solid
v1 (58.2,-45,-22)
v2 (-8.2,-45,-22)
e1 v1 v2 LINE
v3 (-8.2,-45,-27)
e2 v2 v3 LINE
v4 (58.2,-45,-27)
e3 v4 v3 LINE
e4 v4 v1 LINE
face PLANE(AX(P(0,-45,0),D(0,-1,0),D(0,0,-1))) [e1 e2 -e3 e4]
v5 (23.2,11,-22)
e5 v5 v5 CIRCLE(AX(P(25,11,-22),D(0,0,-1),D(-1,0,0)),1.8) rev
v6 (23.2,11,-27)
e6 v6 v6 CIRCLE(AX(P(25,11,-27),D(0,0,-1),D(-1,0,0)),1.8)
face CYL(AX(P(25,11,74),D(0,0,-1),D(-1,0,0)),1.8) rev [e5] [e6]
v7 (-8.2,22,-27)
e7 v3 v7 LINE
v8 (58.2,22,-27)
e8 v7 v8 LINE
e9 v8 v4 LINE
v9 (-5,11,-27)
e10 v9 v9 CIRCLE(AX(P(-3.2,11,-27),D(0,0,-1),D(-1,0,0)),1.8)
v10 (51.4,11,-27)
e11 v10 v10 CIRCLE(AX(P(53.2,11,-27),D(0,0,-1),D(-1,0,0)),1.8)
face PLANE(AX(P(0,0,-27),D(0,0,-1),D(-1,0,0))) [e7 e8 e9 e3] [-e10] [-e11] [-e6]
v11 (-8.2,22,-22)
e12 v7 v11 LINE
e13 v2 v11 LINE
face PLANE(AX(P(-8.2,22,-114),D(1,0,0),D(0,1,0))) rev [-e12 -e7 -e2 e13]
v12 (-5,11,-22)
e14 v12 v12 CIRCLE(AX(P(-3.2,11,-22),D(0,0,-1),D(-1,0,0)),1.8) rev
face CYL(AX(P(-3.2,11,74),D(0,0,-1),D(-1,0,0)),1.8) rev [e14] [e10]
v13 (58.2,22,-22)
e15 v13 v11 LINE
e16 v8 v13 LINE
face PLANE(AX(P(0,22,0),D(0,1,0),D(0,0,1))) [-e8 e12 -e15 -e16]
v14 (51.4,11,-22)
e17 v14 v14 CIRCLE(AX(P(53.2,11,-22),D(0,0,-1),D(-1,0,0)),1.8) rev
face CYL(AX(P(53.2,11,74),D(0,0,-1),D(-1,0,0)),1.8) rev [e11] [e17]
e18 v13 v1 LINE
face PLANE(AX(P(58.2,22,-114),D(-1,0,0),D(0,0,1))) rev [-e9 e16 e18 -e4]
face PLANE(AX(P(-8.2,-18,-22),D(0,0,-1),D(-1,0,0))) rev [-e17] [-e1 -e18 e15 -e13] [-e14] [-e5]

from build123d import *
from build123d.topology import SkipClean

# Parameters (mm, degrees)
SKETCH1_W                = 50
SKETCH1_H                = 9.1
BOSS_EXTRUDE1_DEPTH      = 2
SKETCH2_W                = 25
SKETCH2_H                = 6.6
CUT_EXTRUDE1_DEPTH       = 2
SKETCH3_R                = 1.8
CUT_EXTRUDE2_DEPTH       = 2
SKETCH4_W                = 66.4
SKETCH4_H                = 130
BOSS_EXTRUDE2_DEPTH      = 2
SKETCH5_W                = 66.4
SKETCH5_H                = 2
BOSS_EXTRUDE3_DEPTH      = 2.5
SKETCH6_W                = 8.6
SKETCH6_H                = 62.5
BOSS_EXTRUDE4_DEPTH      = 2
SKETCH7_R                = 1.8
SKETCH7_W                = 3
SKETCH7_H                = 5
CUT_EXTRUDE3_DEPTH       = 2
SKETCH8_W                = 25
SKETCH8_H                = 45
CUT_EXTRUDE4_DEPTH       = 20
SKETCH9_W                = 25
SKETCH9_H                = 10
BOSS_EXTRUDE5_DEPTH      = 2
SKETCH10_W               = 34.7
SKETCH10_H               = 27.07
BOSS_EXTRUDE6_DEPTH      = 2
SKETCH11_R               = 1.8
CUT_EXTRUDE5_DEPTH       = 2
SKETCH12_R               = 1.8
CUT_EXTRUDE6_DEPTH       = 2
SKETCH13_W               = 2
SKETCH13_H               = 2
BOSS_EXTRUDE7_DEPTH      = 44
SKETCH14_W               = 2
SKETCH14_H               = 2
BOSS_EXTRUDE8_DEPTH      = 46
SKETCH16_W               = 42
SKETCH16_H               = 43
BOSS_EXTRUDE10_DEPTH     = 2
SKETCH18_R               = 1.8
CUT_EXTRUDE7_DEPTH       = 2
BOSS_EXTRUDE12_DEPTH     = 2
SKETCH21_W               = 2
SKETCH21_H               = 2
BOSS_EXTRUDE13_DEPTH     = 10
SKETCH25_W               = 3
SKETCH25_H               = 5
CUT_EXTRUDE8_DEPTH       = 10
SKETCH26_W               = 6.2
SKETCH26_H               = 13
SKETCH26_W_2             = 21
SKETCH26_H_2             = 6.6
BOSS_EXTRUDE14_DEPTH     = 2
SKETCH27_W               = 2
SKETCH27_H               = 27
SKETCH27_H_2             = 24.93
BOSS_EXTRUDE15_DEPTH     = 2
SKETCH29_W               = 10
SKETCH29_H               = 10
BOSS_EXTRUDE19_DEPTH     = 2
SKETCH41_R               = 1.8
CUT_EXTRUDE15_DEPTH      = 2
BOSS_EXTRUDE26_DEPTH     = 2
SKETCH43_W               = 70.4
SKETCH43_H               = 2
BOSS_EXTRUDE27_DEPTH     = 11
SKETCH44_W               = 10
SKETCH44_H               = 5
BOSS_EXTRUDE28_DEPTH     = 2
SKETCH45_R               = 1.8
BOSS_EXTRUDE29_DEPTH     = 2
SKETCH46_R               = 1.8
CUT_EXTRUDE16_DEPTH      = 2
SKETCH47_W               = 10
SKETCH47_H               = 1
BOSS_EXTRUDE30_DEPTH     = 2
SKETCH48_W               = 32.7
SKETCH48_H               = 31.07
SKETCH48_W_2             = 101.75
SKETCH48_H_2             = 120.487369876
CUT_EXTRUDE17_DEPTH      = 20
SKETCH50_W               = 66.4
SKETCH50_H               = 81.07
CUT_EXTRUDE19_DEPTH      = 20
SKETCH51_W               = 70.4
SKETCH51_H               = 85.07
SKETCH51_W_2             = 66.4
SKETCH51_H_2             = 81.07
BOSS_EXTRUDE31_DEPTH     = 20
SKETCH52_W               = 10
SKETCH52_H               = 1
BOSS_EXTRUDE32_DEPTH     = 2
SKETCH53_W               = 10
SKETCH53_H               = 4
CUT_EXTRUDE20_DEPTH      = 2
BOSS_EXTRUDE33_START     = 1
SKETCH54_W               = 10
SKETCH54_H               = 12
SKETCH54_R               = 1.8
BOSS_EXTRUDE33_DEPTH     = 1
CUT_EXTRUDE23_DEPTH      = 96
CUT_EXTRUDE23_DEPTH_BACK = 16
SKETCH59_R               = 1.8
SKETCH62_W               = 66.985033768
SKETCH62_H               = 11.249394984
BOSS_EXTRUDE38_DEPTH     = 1
SKETCH65_R               = 1.8
CUT_EXTRUDE27_DEPTH      = 3
SKETCH66_R               = 1
CUT_EXTRUDE28_DEPTH      = 87
BOSS_EXTRUDE41_DEPTH     = 2
BOSS_EXTRUDE42_DEPTH     = 2
BOSS_EXTRUDE43_DEPTH     = 2
SKETCH68_W               = 6.791832398
SKETCH68_H               = 8.144168394
SKETCH68_W_2             = 5.485710784
SKETCH68_W_3             = 7.764004839
SKETCH68_H_2             = 11.628907231
BOSS_EXTRUDE44_DEPTH     = 2
BOSS_EXTRUDE45_DEPTH     = 2
SKETCH70_R               = 1.8
CUT_EXTRUDE29_DEPTH      = 83
SKETCH72_W               = 105.024650177
SKETCH72_H               = 68.649418558
CUT_EXTRUDE33_DEPTH      = 92
SKETCH73_W               = 2
SKETCH73_H               = 22
CUT_EXTRUDE34_DEPTH      = 92
SKETCH74_W               = 66.4
SKETCH74_H               = 2
BOSS_EXTRUDE46_DEPTH     = 45
SKETCH75_W               = 66.4
SKETCH75_H               = 67
SKETCH75_R               = 1.8
BOSS_EXTRUDE47_DEPTH     = 3


with BuildPart() as part:
    # Sketch1 → Boss-Extrude1 (new body)
    with BuildSketch(Plane(origin=(0, 0, 0), x_dir=(1, 0, 0), z_dir=(0, 1, 0))):
        with Locations((25, 4.55)):
            Rectangle(SKETCH1_W, SKETCH1_H)
    extrude(amount=BOSS_EXTRUDE1_DEPTH)

    # Sketch2 → Cut-Extrude1 (cut)
    with BuildSketch(Plane(origin=(0, 2, 0), x_dir=(1, 0, 0), z_dir=(0, 1, 0))):
        with Locations((25, 5.8)):
            Rectangle(SKETCH2_W, SKETCH2_H)
    extrude(amount=-CUT_EXTRUDE1_DEPTH, mode=Mode.SUBTRACT)

    # Sketch3 → Cut-Extrude2 (cut)
    with BuildSketch(Plane(origin=(0, 2, 0), x_dir=(1, 0, 0), z_dir=(0, 1, 0))):
        with Locations(Location((6.25, 5.8, 0), (0, 0, 270))):
            Circle(SKETCH3_R)
        with Locations(Location((43.75, 5.8, 0), (0, 0, 270))):
            Circle(SKETCH3_R)
    extrude(amount=-CUT_EXTRUDE2_DEPTH, mode=Mode.SUBTRACT)

    # Sketch4 → Boss-Extrude2 (add)
    with BuildSketch(Plane(origin=(0, 2, 0), x_dir=(1, 0, 0), z_dir=(0, 1, 0))):
        with Locations((25, -65)):
            Rectangle(SKETCH4_W, SKETCH4_H)
    extrude(amount=-BOSS_EXTRUDE2_DEPTH)

    # Sketch5 → Boss-Extrude3 (add)
    with BuildSketch(Plane.XY.offset(130)):
        with Locations((25, 1)):
            Rectangle(SKETCH5_W, SKETCH5_H)
    extrude(amount=BOSS_EXTRUDE3_DEPTH)

    # Sketch6 → Boss-Extrude4 (add)
    with BuildSketch(Plane(origin=(0, 2, 0), x_dir=(1, 0, 0), z_dir=(0, 1, 0))):
        with Locations((-12.5, -101.25)):
            Rectangle(SKETCH6_W, SKETCH6_H)
        with Locations((62.5, -101.25)):
            Rectangle(SKETCH6_W, SKETCH6_H)
    extrude(amount=-BOSS_EXTRUDE4_DEPTH)

    # Sketch7 → Cut-Extrude3 (cut)
    with BuildSketch(Plane(origin=(0, 2, 0), x_dir=(1, 0, 0), z_dir=(0, 1, 0))):
        with Locations(Location((-13.5, -77, 0), (0, 0, 270))):
            Circle(SKETCH7_R)
        with Locations(Location((-13.5, -101.25, 0), (0, 0, 270))):
            Circle(SKETCH7_R)
        with Locations(Location((-13.5, -125.5, 0), (0, 0, 270))):
            Circle(SKETCH7_R)
        with Locations(Location((63.5, -77, 0), (0, 0, 270))):
            Circle(SKETCH7_R)
        with Locations(Location((63.5, -101.25, 0), (0, 0, 270))):
            Circle(SKETCH7_R)
        with Locations(Location((63.5, -125.5, 0), (0, 0, 270))):
            Circle(SKETCH7_R)
        with Locations((-13.5, -117.5)):
            Rectangle(SKETCH7_W, SKETCH7_H)
        with Locations((63.5, -117.5)):
            Rectangle(SKETCH7_W, SKETCH7_H)
    extrude(amount=-CUT_EXTRUDE3_DEPTH, mode=Mode.SUBTRACT)

    # Sketch8 → Cut-Extrude4 (cut)
    with BuildSketch(Plane(origin=(0, 2, 0), x_dir=(1, 0, 0), z_dir=(0, 1, 0))):
        with Locations((25, -22.5)):
            Rectangle(SKETCH8_W, SKETCH8_H)
    extrude(amount=-CUT_EXTRUDE4_DEPTH, mode=Mode.SUBTRACT)

    # Sketch9 → Boss-Extrude5 (add)
    with BuildSketch(Plane(origin=(0, 2, 0), x_dir=(1, 0, 0), z_dir=(0, 1, 0))):
        with Locations((25, -5)):
            Rectangle(SKETCH9_W, SKETCH9_H)
    extrude(amount=-BOSS_EXTRUDE5_DEPTH)

    # Sketch10 → Boss-Extrude6 (add)
    with BuildSketch(Plane(origin=(0, 2, 0), x_dir=(1, 0, 0), z_dir=(0, 1, 0))):
        with Locations((-25.55, -29.535)):
            Rectangle(SKETCH10_W, SKETCH10_H)
        with Locations((75.55, -29.535)):
            Rectangle(SKETCH10_W, SKETCH10_H)
    extrude(amount=-BOSS_EXTRUDE6_DEPTH)

    # Sketch11 → Cut-Extrude5 (cut)
    with BuildSketch(Plane(origin=(0, 2, 0), x_dir=(1, 0, 0), z_dir=(0, 1, 0))):
        with Locations(Location((-36.9, -19.25, 0), (0, 0, 270))):
            Circle(SKETCH11_R)
        with Locations(Location((-36.9, -39.82, 0), (0, 0, 270))):
            Circle(SKETCH11_R)
        with Locations(Location((-22.6, -19.25, 0), (0, 0, 270))):
            Circle(SKETCH11_R)
        with Locations(Location((-22.6, -39.82, 0), (0, 0, 270))):
            Circle(SKETCH11_R)
    extrude(amount=-CUT_EXTRUDE5_DEPTH, mode=Mode.SUBTRACT)

    # Sketch12 → Cut-Extrude6 (cut)
    with BuildSketch(Plane(origin=(0, 2, 0), x_dir=(1, 0, 0), z_dir=(0, 1, 0))):
        with Locations(Location((72.6, -19.25, 0), (0, 0, 270))):
            Circle(SKETCH12_R)
        with Locations(Location((86.9, -19.25, 0), (0, 0, 270))):
            Circle(SKETCH12_R)
        with Locations(Location((72.6, -39.82, 0), (0, 0, 270))):
            Circle(SKETCH12_R)
        with Locations(Location((86.9, -39.82, 0), (0, 0, 270))):
            Circle(SKETCH12_R)
    extrude(amount=-CUT_EXTRUDE6_DEPTH, mode=Mode.SUBTRACT)

    # Sketch13 → Boss-Extrude7 (add)
    with BuildSketch(Plane.ZY.offset(42.9)):
        with Locations((15, 1)):
            Rectangle(SKETCH13_W, SKETCH13_H)
        with Locations((44.07, 1)):
            Rectangle(SKETCH13_W, SKETCH13_H)
    extrude(amount=-BOSS_EXTRUDE7_DEPTH)

    # Sketch14 → Boss-Extrude8 (add)
    with BuildSketch(Plane(origin=(92.9, 0, 0), x_dir=(0, 0, -1), z_dir=(1, 0, 0))):
        with Locations((-15, 1)):
            Rectangle(SKETCH14_W, SKETCH14_H)
        with Locations((-44.07, 1)):
            Rectangle(SKETCH14_W, SKETCH14_H)
    extrude(amount=-BOSS_EXTRUDE8_DEPTH)

    # Sketch16 → Boss-Extrude10 (add)
    with BuildSketch(Plane(origin=(0, 2, 0), x_dir=(1, 0, 0), z_dir=(0, 1, 0))):
        with Locations((25, -154)):
            Rectangle(SKETCH16_W, SKETCH16_H)
    extrude(amount=-BOSS_EXTRUDE10_DEPTH)

    # Sketch18 → Cut-Extrude7 (cut)
    with BuildSketch(Plane(origin=(0, 2, 0), x_dir=(1, 0, 0), z_dir=(0, 1, 0))):
        with Locations(Location((8.74, -171.03, 0), (0, 0, 270))):
            Circle(SKETCH18_R)
        with Locations(Location((41.26, -171.03, 0), (0, 0, 270))):
            Circle(SKETCH18_R)
        with Locations(Location((8.74, -138.5, 0), (0, 0, 270))):
            Circle(SKETCH18_R)
        with Locations(Location((41.26, -138.5, 0), (0, 0, 270))):
            Circle(SKETCH18_R)
    extrude(amount=-CUT_EXTRUDE7_DEPTH, mode=Mode.SUBTRACT)

    # Sketch20 → Boss-Extrude12 (add)
    with BuildSketch(Plane(origin=(0, 2, 0), x_dir=(1, 0, 0), z_dir=(0, 1, 0))):
        with BuildLine():
            Line((-2, -132.5), (4, -132.5))
            Line((4, -132.5), (4, -138.5))
            ThreePointArc((4, -138.5), (2.242640687, -134.257359313), (-2, -132.5))
        make_face()
        with BuildLine():
            ThreePointArc((52, -132.5), (47.757359313, -134.257359313), (46, -138.5))
            Line((46, -138.5), (46, -132.5))
            Line((46, -132.5), (52, -132.5))
        make_face()
    extrude(amount=-BOSS_EXTRUDE12_DEPTH)

    # Sketch21 → Boss-Extrude13 (add)
    with BuildSketch(Plane(origin=(0, 0, -9.1), x_dir=(-1, 0, 0), z_dir=(0, 0, -1))):
        with Locations((-51, 1)):
            Rectangle(SKETCH21_W, SKETCH21_H)
        with Locations((-36.5, 1)):
            Rectangle(SKETCH21_W, SKETCH21_H)
        with Locations((-13.5, 1)):
            Rectangle(SKETCH21_W, SKETCH21_H)
        with Locations((1, 1)):
            Rectangle(SKETCH21_W, SKETCH21_H)
    extrude(amount=-BOSS_EXTRUDE13_DEPTH)

    # Sketch25 → Cut-Extrude8 (cut)
    with BuildSketch(Plane(origin=(0, 2, 0), x_dir=(1, 0, 0), z_dir=(0, 1, 0))):
        with Locations((-11.7, -22.5)):
            Rectangle(SKETCH25_W, SKETCH25_H)
        with Locations((-11.7, -36.57)):
            Rectangle(SKETCH25_W, SKETCH25_H)
        with Locations((61.7, -22.5)):
            Rectangle(SKETCH25_W, SKETCH25_H)
        with Locations((61.7, -36.57)):
            Rectangle(SKETCH25_W, SKETCH25_H)
    extrude(amount=-CUT_EXTRUDE8_DEPTH, mode=Mode.SUBTRACT)

    # Sketch26 → Boss-Extrude14 (add)
    with BuildSketch(Plane(origin=(0, 2, 0), x_dir=(1, 0, 0), z_dir=(0, 1, 0))):
        with Locations((-5.1, 6.5)):
            Rectangle(SKETCH26_W, SKETCH26_H)
        Polygon((-2, 13), (-2, 9.1), (14.5, 9.1), (35.5, 9.1), (52, 9.1), (52, 13), align=None)
        with Locations((25, 5.8)):
            Rectangle(SKETCH26_W_2, SKETCH26_H_2)
        with Locations((55.1, 6.5)):
            Rectangle(SKETCH26_W, SKETCH26_H)
    extrude(amount=-BOSS_EXTRUDE14_DEPTH)

    # Sketch27 → Boss-Extrude15 (add)
    with BuildSketch(Plane(origin=(0, 2, 0), x_dir=(1, 0, 0), z_dir=(0, 1, 0))):
        with Locations((-9.2, -0.5)):
            Rectangle(SKETCH27_W, SKETCH27_H)
        with Locations((-9.2, -57.535)):
            Rectangle(SKETCH27_W, SKETCH27_H_2)
        with Locations((59.2, -0.5)):
            Rectangle(SKETCH27_W, SKETCH27_H)
        with Locations((59.2, -57.535)):
            Rectangle(SKETCH27_W, SKETCH27_H_2)
    extrude(amount=-BOSS_EXTRUDE15_DEPTH)

    # Sketch29 → Boss-Extrude19 (add)
    with BuildSketch(Plane(origin=(0, 2, 0), x_dir=(1, 0, 0), z_dir=(0, 1, 0))):
        with Locations((-15.2, -9)):
            Rectangle(SKETCH29_W, SKETCH29_H)
        with Locations((-15.2, -50.07)):
            Rectangle(SKETCH29_W, SKETCH29_H)
        with Locations((65.2, -9)):
            Rectangle(SKETCH29_W, SKETCH29_H)
        with Locations((65.2, -50.07)):
            Rectangle(SKETCH29_W, SKETCH29_H)
    extrude(amount=-BOSS_EXTRUDE19_DEPTH)

    # Sketch41 → Cut-Extrude15 (cut)
    with BuildSketch(Plane(origin=(0, 2, 0), x_dir=(1, 0, 0), z_dir=(0, 1, 0))):
        with Locations(Location((-15.2, -9, 0), (0, 0, 270))):
            Circle(SKETCH41_R)
        with Locations(Location((-15.2, -50.07, 0), (0, 0, 270))):
            Circle(SKETCH41_R)
        with Locations(Location((65.2, -9, 0), (0, 0, 270))):
            Circle(SKETCH41_R)
        with Locations(Location((65.2, -50.07, 0), (0, 0, 270))):
            Circle(SKETCH41_R)
    extrude(amount=-CUT_EXTRUDE15_DEPTH, mode=Mode.SUBTRACT)

    # Sketch42 → Boss-Extrude26 (add)
    with BuildSketch(Plane(origin=(0, 2, 0), x_dir=(1, 0, 0), z_dir=(0, 1, 0))):
        with BuildLine():
            Line((-16.8, -70), (-10.2, -70))
            Line((-10.2, -70), (-10.2, -63.4))
            ThreePointArc((-10.2, -63.4), (-12.133095244, -68.066904756), (-16.8, -70))
        make_face()
        with BuildLine():
            Line((60.2, -63.4), (60.2, -70))
            Line((60.2, -70), (66.8, -70))
            ThreePointArc((66.8, -70), (62.133095244, -68.066904756), (60.2, -63.4))
        make_face()
    extrude(amount=-BOSS_EXTRUDE26_DEPTH)

    # Sketch43 → Boss-Extrude27 (add)
    with BuildSketch(Plane(origin=(0, 0, -13), x_dir=(-1, 0, 0), z_dir=(0, 0, -1))):
        with Locations((-25, 1)):
            Rectangle(SKETCH43_W, SKETCH43_H)
    extrude(amount=BOSS_EXTRUDE27_DEPTH)

    # Sketch44 → Boss-Extrude28 (add)
    with BuildSketch(Plane(origin=(0, 2, 0), x_dir=(1, 0, 0), z_dir=(0, 1, 0))):
        with Locations((-15.2, -57.57)):
            Rectangle(SKETCH44_W, SKETCH44_H)
        with Locations((65.2, -57.57)):
            Rectangle(SKETCH44_W, SKETCH44_H)
    extrude(amount=-BOSS_EXTRUDE28_DEPTH)

    # Sketch45 → Boss-Extrude29 (add)
    with BuildSketch(Plane(origin=(0, 2, 0), x_dir=(1, 0, 0), z_dir=(0, 1, 0))):
        with Locations((-15.2, -50.07)):
            Circle(SKETCH45_R)
        with Locations((65.2, -50.07)):
            Circle(SKETCH45_R)
    extrude(amount=-BOSS_EXTRUDE29_DEPTH)

    # Sketch46 → Cut-Extrude16 (cut)
    with BuildSketch(Plane(origin=(0, 2, 0), x_dir=(1, 0, 0), z_dir=(0, 1, 0))):
        with Locations(Location((-15.2, -55.07, 0), (0, 0, 270))):
            Circle(SKETCH46_R)
        with Locations(Location((65.2, -55.07, 0), (0, 0, 270))):
            Circle(SKETCH46_R)
    extrude(amount=-CUT_EXTRUDE16_DEPTH, mode=Mode.SUBTRACT)

    # Sketch47 → Boss-Extrude30 (add)
    with BuildSketch(Plane(origin=(0, 2, 0), x_dir=(1, 0, 0), z_dir=(0, 1, 0))):
        with Locations((-15.2, -3.5)):
            Rectangle(SKETCH47_W, SKETCH47_H)
        with Locations((-15.2, -60.57)):
            Rectangle(SKETCH47_W, SKETCH47_H)
        with Locations((65.2, -3.5)):
            Rectangle(SKETCH47_W, SKETCH47_H)
        with Locations((65.2, -60.57)):
            Rectangle(SKETCH47_W, SKETCH47_H)
    extrude(amount=-BOSS_EXTRUDE30_DEPTH)

    # Sketch48 → Cut-Extrude17 (cut)
    with BuildSketch(Plane(origin=(0, 2, 0), x_dir=(1, 0, 0), z_dir=(0, 1, 0))):
        with Locations((-26.55, -29.535)):
            Rectangle(SKETCH48_W, SKETCH48_H)
        with Locations((76.55, -29.535)):
            Rectangle(SKETCH48_W, SKETCH48_H)
        with Locations((30.675, -121.313684938)):
            Rectangle(SKETCH48_W_2, SKETCH48_H_2)
    extrude(amount=-CUT_EXTRUDE17_DEPTH, mode=Mode.SUBTRACT)

    # Sketch50 → Cut-Extrude19 (cut)
    with BuildSketch(Plane(origin=(0, 2, 0), x_dir=(1, 0, 0), z_dir=(0, 1, 0))):
        with Locations((25, -18.535)):
            Rectangle(SKETCH50_W, SKETCH50_H)
    extrude(amount=-CUT_EXTRUDE19_DEPTH, mode=Mode.SUBTRACT)

    # Sketch51 → Boss-Extrude31 (add)
    with BuildSketch(Plane(origin=(0, 2, 0), x_dir=(1, 0, 0), z_dir=(0, 1, 0))):
        with Locations((25, -18.535)):
            Rectangle(SKETCH51_W, SKETCH51_H)
        with Locations((25, -18.535)):
            Rectangle(SKETCH51_W_2, SKETCH51_H_2, mode=Mode.SUBTRACT)
    extrude(amount=BOSS_EXTRUDE31_DEPTH)

    # Sketch52 → Boss-Extrude32 (add)
    with BuildSketch(Plane(origin=(0, 2, 0), x_dir=(1, 0, 0), z_dir=(0, 1, 0))):
        with Locations((-15.2, -14.5)):
            Rectangle(SKETCH52_W, SKETCH52_H)
        with Locations((65.2, -14.5)):
            Rectangle(SKETCH52_W, SKETCH52_H)
    extrude(amount=-BOSS_EXTRUDE32_DEPTH)

    # Sketch53 → Cut-Extrude20 (cut)
    with BuildSketch(Plane(origin=(0, 2, 0), x_dir=(1, 0, 0), z_dir=(0, 1, 0))):
        with Locations((-15.2, -47.07)):
            Rectangle(SKETCH53_W, SKETCH53_H)
        with Locations((65.2, -47.07)):
            Rectangle(SKETCH53_W, SKETCH53_H)
    extrude(amount=-CUT_EXTRUDE20_DEPTH, mode=Mode.SUBTRACT)

    # Sketch54 → Boss-Extrude33 (add)
    # profile 1 of 4: a face of its own
    with BuildSketch(Plane(origin=(0, 2, 0), x_dir=(1, 0, 0), z_dir=(0, 1, 0)).offset(BOSS_EXTRUDE33_START)):
        with Locations((-15.2, -9)):
            Rectangle(SKETCH54_W, SKETCH54_H)
        with Locations(Location((-15.2, -9, 0), (0, 0, 270))):
            Circle(SKETCH54_R, mode=Mode.SUBTRACT)
    # profile 2 of 4: a face of its own
    with BuildSketch(Plane(origin=(0, 2, 0), x_dir=(1, 0, 0), z_dir=(0, 1, 0)).offset(BOSS_EXTRUDE33_START)):
        with Locations((-15.2, -55.07)):
            Rectangle(SKETCH54_W, SKETCH54_H)
        with Locations(Location((-15.2, -55.07, 0), (0, 0, 270))):
            Circle(SKETCH54_R, mode=Mode.SUBTRACT)
    # profile 3 of 4: a face of its own
    with BuildSketch(Plane(origin=(0, 2, 0), x_dir=(1, 0, 0), z_dir=(0, 1, 0)).offset(BOSS_EXTRUDE33_START)):
        with Locations((65.2, -9)):
            Rectangle(SKETCH54_W, SKETCH54_H)
        with Locations(Location((65.2, -9, 0), (0, 0, 270))):
            Circle(SKETCH54_R, mode=Mode.SUBTRACT)
    # profile 4 of 4: a face of its own
    with BuildSketch(Plane(origin=(0, 2, 0), x_dir=(1, 0, 0), z_dir=(0, 1, 0)).offset(BOSS_EXTRUDE33_START)):
        with Locations((65.2, -55.07)):
            Rectangle(SKETCH54_W, SKETCH54_H)
        with Locations(Location((65.2, -55.07, 0), (0, 0, 270))):
            Circle(SKETCH54_R, mode=Mode.SUBTRACT)
    extrude(amount=-BOSS_EXTRUDE33_DEPTH)

    # Sketch59 → Cut-Extrude23 (cut, two sides: drawn at the far end of the back side and taken through both)
    with BuildSketch(Plane.XY.offset(-22).offset(-CUT_EXTRUDE23_DEPTH_BACK)):
        with Locations((-3.2, 11)):
            Circle(SKETCH59_R)
        with Locations((53.2, 11)):
            Circle(SKETCH59_R)
        with Locations((25, 11)):
            Circle(SKETCH59_R)
    extrude(amount=CUT_EXTRUDE23_DEPTH + CUT_EXTRUDE23_DEPTH_BACK, mode=Mode.SUBTRACT)

    # Sketch62 → Boss-Extrude38 (add)
    with BuildSketch(Plane.XY.offset(61.07)):
        with Locations((24.914777311, 10.744331932)):
            Rectangle(SKETCH62_W, SKETCH62_H)
    extrude(amount=-BOSS_EXTRUDE38_DEPTH)

    # Sketch65 → Cut-Extrude27 (cut)
    with BuildSketch(Plane(origin=(0, 0, 59.07), x_dir=(-1, 0, 0), z_dir=(0, 0, -1))):
        with Locations((-13.8, 11)):
            Circle(SKETCH65_R)
        with Locations((-36.2, 11)):
            Circle(SKETCH65_R)
    extrude(amount=-CUT_EXTRUDE27_DEPTH, mode=Mode.SUBTRACT)

    # Sketch66 → Cut-Extrude28 (cut)
    with BuildSketch(Plane.ZY.offset(10.2)):
        with Locations((32.035, 16)):
            Circle(SKETCH66_R)
    extrude(amount=-CUT_EXTRUDE28_DEPTH, mode=Mode.SUBTRACT)

    # Sketch55 → Boss-Extrude41 (add)
    with BuildSketch(Plane(origin=(0, 0, 3), x_dir=(-1, 0, 0), z_dir=(0, 0, -1))):
        Polygon((20.2, 3), (10.2, 22), (10.2, 3), align=None)
        Polygon((-70.2, 3), (-60.2, 3), (-60.2, 22), align=None)
    extrude(amount=-BOSS_EXTRUDE41_DEPTH)

    # Sketch56 → Boss-Extrude42 (add)
    with BuildSketch(Plane.XY.offset(15)):
        Polygon((-20.2, 3), (-10.2, 3), (-10.2, 22), align=None)
        Polygon((70.2, 3), (60.2, 3), (60.2, 22), align=None)
    extrude(amount=-BOSS_EXTRUDE42_DEPTH)

    # Sketch57 → Boss-Extrude43 (add)
    with BuildSketch(Plane(origin=(0, 0, 49.07), x_dir=(-1, 0, 0), z_dir=(0, 0, -1))):
        Polygon((20.2, 3), (10.2, 3), (10.2, 22), align=None)
        Polygon((-70.2, 3), (-60.2, 3), (-60.2, 22), align=None)
    extrude(amount=-BOSS_EXTRUDE43_DEPTH)

    # Sketch68 → Boss-Extrude44 (add)
    with BuildSketch(Plane(origin=(0, 0, 59.07), x_dir=(-1, 0, 0), z_dir=(0, 0, -1))):
        with Locations((2.499419559, 10.346452983)):
            Rectangle(SKETCH68_W, SKETCH68_H)
        with Locations((-24.624372648, 10.346452983)):
            Rectangle(SKETCH68_W_2, SKETCH68_H)
        with Locations((-52.231743322, 12.088822401)):
            Rectangle(SKETCH68_W_3, SKETCH68_H_2)
    extrude(amount=-BOSS_EXTRUDE44_DEPTH)

    # Sketch69 → Boss-Extrude45 (add)
    with BuildSketch(Plane.XY.offset(61.07)):
        Polygon((-20.2, 3), (-10.2, 3), (-10.2, 22), align=None)
        Polygon((60.2, 3), (70.2, 3), (60.2, 22), align=None)
    extrude(amount=-BOSS_EXTRUDE45_DEPTH)

    # Sketch70 → Cut-Extrude29 (cut)
    with BuildSketch(Plane.ZY.offset(10.2)):
        with Locations((9, 17)):
            Circle(SKETCH70_R)
        with Locations((55.07, 17)):
            Circle(SKETCH70_R)
    extrude(amount=-CUT_EXTRUDE29_DEPTH, mode=Mode.SUBTRACT)

    # Sketch72 → Cut-Extrude33 (cut)
    with BuildSketch(Plane.XY.offset(-22)):
        with Locations((30.741682618, -12.324709279)):
            Rectangle(SKETCH72_W, SKETCH72_H)
    extrude(amount=CUT_EXTRUDE33_DEPTH, mode=Mode.SUBTRACT)

    # Sketch73 → Cut-Extrude34 (cut)
    with BuildSketch(Plane.XY.offset(-22)):
        with Locations((-9.2, 11)):
            Rectangle(SKETCH73_W, SKETCH73_H)
        with Locations((59.2, 11)):
            Rectangle(SKETCH73_W, SKETCH73_H)
    extrude(amount=-CUT_EXTRUDE34_DEPTH, mode=Mode.SUBTRACT)

    # Sketch74 → Boss-Extrude46 (add)
    with BuildSketch(Plane(origin=(0, 0, 0), x_dir=(-1, 0, 0), z_dir=(0, -1, 0))):
        with Locations((-25, 23)):
            Rectangle(SKETCH74_W, SKETCH74_H)
    extrude(amount=BOSS_EXTRUDE46_DEPTH)

    # Sketch75 → Boss-Extrude47 (add)
    with SkipClean():  # the faces are left unmerged after this step: merging them gives an invalid solid
        with BuildSketch(Plane(origin=(0, 0, -24), x_dir=(-1, 0, 0), z_dir=(0, 0, -1))):
            with Locations((-25, -11.5)):
                Rectangle(SKETCH75_W, SKETCH75_H)
            with Locations((-53.2, 11)):
                Circle(SKETCH75_R, mode=Mode.SUBTRACT)
            with Locations((-25, 11)):
                Circle(SKETCH75_R, mode=Mode.SUBTRACT)
            with Locations((3.2, 11)):
                Circle(SKETCH75_R, mode=Mode.SUBTRACT)
        extrude(amount=BOSS_EXTRUDE47_DEPTH)


solid = part.part
